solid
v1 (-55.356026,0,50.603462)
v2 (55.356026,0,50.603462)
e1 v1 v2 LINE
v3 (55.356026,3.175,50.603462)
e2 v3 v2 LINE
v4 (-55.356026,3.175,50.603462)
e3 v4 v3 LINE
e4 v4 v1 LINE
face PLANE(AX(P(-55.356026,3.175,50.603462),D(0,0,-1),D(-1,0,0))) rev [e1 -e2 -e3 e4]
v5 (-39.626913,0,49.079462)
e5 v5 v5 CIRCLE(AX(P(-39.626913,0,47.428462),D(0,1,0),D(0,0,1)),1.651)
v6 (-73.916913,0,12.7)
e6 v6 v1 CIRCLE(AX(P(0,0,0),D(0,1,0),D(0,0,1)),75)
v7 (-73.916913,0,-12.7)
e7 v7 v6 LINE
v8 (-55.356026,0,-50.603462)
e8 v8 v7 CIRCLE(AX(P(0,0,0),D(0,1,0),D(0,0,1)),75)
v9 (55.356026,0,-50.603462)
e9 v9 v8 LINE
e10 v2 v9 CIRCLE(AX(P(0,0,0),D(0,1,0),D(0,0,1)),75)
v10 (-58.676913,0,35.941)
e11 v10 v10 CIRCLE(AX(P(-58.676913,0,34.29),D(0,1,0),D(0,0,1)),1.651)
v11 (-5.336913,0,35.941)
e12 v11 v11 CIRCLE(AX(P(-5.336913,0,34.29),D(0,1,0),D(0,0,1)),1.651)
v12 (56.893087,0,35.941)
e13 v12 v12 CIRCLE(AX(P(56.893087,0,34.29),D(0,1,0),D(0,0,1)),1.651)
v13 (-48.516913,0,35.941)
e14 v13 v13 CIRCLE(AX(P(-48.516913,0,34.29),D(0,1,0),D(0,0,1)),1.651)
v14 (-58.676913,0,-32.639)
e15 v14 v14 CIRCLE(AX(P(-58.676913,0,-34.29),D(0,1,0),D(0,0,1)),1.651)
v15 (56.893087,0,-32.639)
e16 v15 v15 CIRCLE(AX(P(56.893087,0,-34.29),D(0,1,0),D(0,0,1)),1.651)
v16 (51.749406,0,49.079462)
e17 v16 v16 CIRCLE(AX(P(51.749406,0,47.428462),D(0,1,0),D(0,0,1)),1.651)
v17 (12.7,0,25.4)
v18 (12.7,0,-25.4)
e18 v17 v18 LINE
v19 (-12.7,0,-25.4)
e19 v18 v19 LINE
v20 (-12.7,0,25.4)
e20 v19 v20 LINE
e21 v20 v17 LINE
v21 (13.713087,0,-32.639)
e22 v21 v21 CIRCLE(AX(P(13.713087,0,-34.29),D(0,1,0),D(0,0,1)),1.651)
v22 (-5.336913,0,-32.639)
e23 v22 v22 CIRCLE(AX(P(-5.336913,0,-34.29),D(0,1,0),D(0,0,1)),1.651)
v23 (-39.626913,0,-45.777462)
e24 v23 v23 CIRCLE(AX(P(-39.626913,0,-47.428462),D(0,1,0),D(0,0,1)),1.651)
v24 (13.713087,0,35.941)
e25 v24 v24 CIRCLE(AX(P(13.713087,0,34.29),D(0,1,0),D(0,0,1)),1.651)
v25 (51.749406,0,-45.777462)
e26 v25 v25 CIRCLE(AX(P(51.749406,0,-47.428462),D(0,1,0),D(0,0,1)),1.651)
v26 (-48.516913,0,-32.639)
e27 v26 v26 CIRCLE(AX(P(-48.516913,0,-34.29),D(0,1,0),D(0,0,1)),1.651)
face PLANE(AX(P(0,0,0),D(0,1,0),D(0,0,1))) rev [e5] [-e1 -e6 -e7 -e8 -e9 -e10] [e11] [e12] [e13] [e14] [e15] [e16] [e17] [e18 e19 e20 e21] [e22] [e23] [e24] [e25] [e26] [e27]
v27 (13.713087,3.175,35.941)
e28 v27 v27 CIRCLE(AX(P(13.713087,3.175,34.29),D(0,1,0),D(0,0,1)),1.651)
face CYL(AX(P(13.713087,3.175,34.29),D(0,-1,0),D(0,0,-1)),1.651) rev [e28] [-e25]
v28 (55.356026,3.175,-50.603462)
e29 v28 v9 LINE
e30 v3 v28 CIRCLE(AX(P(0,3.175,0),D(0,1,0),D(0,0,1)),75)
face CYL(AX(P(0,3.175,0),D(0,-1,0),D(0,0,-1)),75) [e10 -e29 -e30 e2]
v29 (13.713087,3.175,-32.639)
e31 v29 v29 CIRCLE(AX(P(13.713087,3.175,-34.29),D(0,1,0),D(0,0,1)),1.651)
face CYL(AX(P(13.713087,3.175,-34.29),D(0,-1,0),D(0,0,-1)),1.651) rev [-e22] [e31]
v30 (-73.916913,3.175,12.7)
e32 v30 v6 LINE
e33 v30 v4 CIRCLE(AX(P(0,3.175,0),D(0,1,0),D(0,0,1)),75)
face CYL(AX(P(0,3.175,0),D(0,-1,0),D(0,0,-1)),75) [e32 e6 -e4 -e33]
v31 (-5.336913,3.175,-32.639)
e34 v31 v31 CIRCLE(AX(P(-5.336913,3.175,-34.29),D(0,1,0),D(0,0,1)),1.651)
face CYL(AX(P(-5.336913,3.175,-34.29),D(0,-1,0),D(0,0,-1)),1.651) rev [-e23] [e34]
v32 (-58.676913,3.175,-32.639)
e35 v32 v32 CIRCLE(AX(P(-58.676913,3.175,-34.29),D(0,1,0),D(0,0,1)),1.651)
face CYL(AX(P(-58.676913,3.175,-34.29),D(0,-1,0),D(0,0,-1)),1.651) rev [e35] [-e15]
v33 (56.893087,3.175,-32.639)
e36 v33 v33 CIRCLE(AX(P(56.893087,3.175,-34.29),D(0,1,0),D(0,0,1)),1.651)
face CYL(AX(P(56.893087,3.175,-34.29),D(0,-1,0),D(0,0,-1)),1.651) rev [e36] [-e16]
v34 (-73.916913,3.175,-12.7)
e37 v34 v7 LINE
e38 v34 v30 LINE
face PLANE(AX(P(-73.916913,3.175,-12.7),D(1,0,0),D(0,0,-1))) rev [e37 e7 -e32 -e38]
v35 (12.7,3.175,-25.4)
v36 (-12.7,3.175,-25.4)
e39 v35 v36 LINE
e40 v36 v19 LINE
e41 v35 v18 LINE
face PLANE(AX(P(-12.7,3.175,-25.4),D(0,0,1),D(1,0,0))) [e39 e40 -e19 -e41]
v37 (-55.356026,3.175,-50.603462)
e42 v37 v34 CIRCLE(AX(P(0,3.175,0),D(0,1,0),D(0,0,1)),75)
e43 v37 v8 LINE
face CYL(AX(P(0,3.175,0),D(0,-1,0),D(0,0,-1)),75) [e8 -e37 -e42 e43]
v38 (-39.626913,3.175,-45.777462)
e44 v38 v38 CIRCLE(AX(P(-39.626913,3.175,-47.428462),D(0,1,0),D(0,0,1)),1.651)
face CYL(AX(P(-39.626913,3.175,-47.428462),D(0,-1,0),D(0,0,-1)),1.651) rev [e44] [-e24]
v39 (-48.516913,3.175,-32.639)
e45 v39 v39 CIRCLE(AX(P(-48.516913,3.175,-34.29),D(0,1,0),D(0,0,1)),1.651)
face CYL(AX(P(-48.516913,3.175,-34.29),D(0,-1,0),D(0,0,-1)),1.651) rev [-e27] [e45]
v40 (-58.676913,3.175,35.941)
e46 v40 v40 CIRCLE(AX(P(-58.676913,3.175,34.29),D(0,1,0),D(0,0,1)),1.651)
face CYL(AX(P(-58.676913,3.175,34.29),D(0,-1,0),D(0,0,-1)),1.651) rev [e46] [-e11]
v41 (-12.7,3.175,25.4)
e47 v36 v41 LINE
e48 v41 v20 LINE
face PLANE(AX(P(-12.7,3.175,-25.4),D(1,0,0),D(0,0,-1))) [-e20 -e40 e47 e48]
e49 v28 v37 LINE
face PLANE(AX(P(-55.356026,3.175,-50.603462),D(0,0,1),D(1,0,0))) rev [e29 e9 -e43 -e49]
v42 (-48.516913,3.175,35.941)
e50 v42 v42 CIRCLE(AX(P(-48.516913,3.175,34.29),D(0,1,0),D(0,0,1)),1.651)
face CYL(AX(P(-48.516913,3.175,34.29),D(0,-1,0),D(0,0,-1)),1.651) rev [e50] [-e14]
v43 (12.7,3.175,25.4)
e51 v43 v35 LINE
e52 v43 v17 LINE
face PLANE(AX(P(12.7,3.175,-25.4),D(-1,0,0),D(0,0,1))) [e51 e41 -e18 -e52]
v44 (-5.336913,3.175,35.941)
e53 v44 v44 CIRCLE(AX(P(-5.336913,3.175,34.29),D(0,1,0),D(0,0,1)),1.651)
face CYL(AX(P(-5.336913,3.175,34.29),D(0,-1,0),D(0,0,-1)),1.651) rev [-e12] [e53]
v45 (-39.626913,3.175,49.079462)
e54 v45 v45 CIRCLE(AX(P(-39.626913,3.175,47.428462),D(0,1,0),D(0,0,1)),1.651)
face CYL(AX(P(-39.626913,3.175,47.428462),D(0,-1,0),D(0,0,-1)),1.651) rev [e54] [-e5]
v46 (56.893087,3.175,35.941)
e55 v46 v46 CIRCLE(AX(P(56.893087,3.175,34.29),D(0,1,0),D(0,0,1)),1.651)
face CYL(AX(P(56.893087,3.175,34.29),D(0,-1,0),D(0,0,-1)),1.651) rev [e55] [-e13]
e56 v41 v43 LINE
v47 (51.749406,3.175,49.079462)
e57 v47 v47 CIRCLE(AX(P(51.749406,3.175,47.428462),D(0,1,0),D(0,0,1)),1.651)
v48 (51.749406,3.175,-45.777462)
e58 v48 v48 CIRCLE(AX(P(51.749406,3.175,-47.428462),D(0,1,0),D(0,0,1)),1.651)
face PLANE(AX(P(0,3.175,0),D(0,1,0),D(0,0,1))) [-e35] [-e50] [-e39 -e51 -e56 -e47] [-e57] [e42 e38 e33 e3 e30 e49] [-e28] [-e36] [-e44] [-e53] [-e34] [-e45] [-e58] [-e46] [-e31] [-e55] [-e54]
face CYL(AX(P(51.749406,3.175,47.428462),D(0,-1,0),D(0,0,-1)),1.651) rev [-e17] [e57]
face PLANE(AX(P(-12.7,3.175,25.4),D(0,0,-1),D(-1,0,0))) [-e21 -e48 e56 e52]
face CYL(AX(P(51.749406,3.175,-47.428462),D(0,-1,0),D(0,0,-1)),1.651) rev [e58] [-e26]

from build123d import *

# Parameters (mm, degrees)
SKETCH1_R           = 1.651
SKETCH1_W           = 25.4
SKETCH1_H           = 50.8
BOSS_EXTRUDE1_DEPTH = 3.175


with BuildPart() as part:
    # Sketch1 → Boss-Extrude1 (new body)
    with BuildSketch(Plane(origin=(0, 0, 0), x_dir=(1, 0, 0), z_dir=(0, 1, 0))):
        with BuildLine():
            Line((-73.916912814, 12.7), (-73.916912814, -12.7))
            ThreePointArc((-73.916912814, -12.7), (-67.357563081, -32.984218889), (-55.35602635, -50.603461806))
            Line((-55.35602635, -50.603461806), (55.35602635, -50.603461806))
            ThreePointArc((55.35602635, -50.603461806), (75, 0), (55.35602635, 50.603461806))
            Line((55.35602635, 50.603461806), (-55.35602635, 50.603461806))
            ThreePointArc((-55.35602635, 50.603461806), (-67.357563081, 32.984218889), (-73.916912814, 12.7))
        make_face()
        with Locations(Location((13.713087186, 34.29, 0), (0, 0, 270))):
            Circle(SKETCH1_R, mode=Mode.SUBTRACT)
        with Locations(Location((-58.676912814, -34.29, 0), (0, 0, 270))):
            Circle(SKETCH1_R, mode=Mode.SUBTRACT)
        with Locations(Location((-58.676912814, 34.29, 0), (0, 0, 270))):
            Circle(SKETCH1_R, mode=Mode.SUBTRACT)
        with Locations(Location((-39.626912814, 47.428461806, 0), (0, 0, 270))):
            Circle(SKETCH1_R, mode=Mode.SUBTRACT)
        with Locations(Location((51.749406285, 47.428461806, 0), (0, 0, 270))):
            Circle(SKETCH1_R, mode=Mode.SUBTRACT)
        with Locations(Location((-39.626912814, -47.428461806, 0), (0, 0, 270))):
            Circle(SKETCH1_R, mode=Mode.SUBTRACT)
        with Locations(Location((51.749406285, -47.428461806, 0), (0, 0, 270))):
            Circle(SKETCH1_R, mode=Mode.SUBTRACT)
        with Locations(Location((56.893087186, 34.29, 0), (0, 0, 270))):
            Circle(SKETCH1_R, mode=Mode.SUBTRACT)
        with Locations(Location((-48.516912814, 34.29, 0), (0, 0, 270))):
            Circle(SKETCH1_R, mode=Mode.SUBTRACT)
        with Locations(Location((-5.336912814, 34.29, 0), (0, 0, 270))):
            Circle(SKETCH1_R, mode=Mode.SUBTRACT)
        with Locations(Location((-5.336912814, -34.29, 0), (0, 0, 270))):
            Circle(SKETCH1_R, mode=Mode.SUBTRACT)
        with Locations(Location((-48.516912814, -34.29, 0), (0, 0, 270))):
            Circle(SKETCH1_R, mode=Mode.SUBTRACT)
        with Locations(Location((13.713087186, -34.29, 0), (0, 0, 270))):
            Circle(SKETCH1_R, mode=Mode.SUBTRACT)
        with Locations(Location((56.893087186, -34.29, 0), (0, 0, 270))):
            Circle(SKETCH1_R, mode=Mode.SUBTRACT)
        Rectangle(SKETCH1_W, SKETCH1_H, mode=Mode.SUBTRACT)
    extrude(amount=BOSS_EXTRUDE1_DEPTH)


solid = part.part
